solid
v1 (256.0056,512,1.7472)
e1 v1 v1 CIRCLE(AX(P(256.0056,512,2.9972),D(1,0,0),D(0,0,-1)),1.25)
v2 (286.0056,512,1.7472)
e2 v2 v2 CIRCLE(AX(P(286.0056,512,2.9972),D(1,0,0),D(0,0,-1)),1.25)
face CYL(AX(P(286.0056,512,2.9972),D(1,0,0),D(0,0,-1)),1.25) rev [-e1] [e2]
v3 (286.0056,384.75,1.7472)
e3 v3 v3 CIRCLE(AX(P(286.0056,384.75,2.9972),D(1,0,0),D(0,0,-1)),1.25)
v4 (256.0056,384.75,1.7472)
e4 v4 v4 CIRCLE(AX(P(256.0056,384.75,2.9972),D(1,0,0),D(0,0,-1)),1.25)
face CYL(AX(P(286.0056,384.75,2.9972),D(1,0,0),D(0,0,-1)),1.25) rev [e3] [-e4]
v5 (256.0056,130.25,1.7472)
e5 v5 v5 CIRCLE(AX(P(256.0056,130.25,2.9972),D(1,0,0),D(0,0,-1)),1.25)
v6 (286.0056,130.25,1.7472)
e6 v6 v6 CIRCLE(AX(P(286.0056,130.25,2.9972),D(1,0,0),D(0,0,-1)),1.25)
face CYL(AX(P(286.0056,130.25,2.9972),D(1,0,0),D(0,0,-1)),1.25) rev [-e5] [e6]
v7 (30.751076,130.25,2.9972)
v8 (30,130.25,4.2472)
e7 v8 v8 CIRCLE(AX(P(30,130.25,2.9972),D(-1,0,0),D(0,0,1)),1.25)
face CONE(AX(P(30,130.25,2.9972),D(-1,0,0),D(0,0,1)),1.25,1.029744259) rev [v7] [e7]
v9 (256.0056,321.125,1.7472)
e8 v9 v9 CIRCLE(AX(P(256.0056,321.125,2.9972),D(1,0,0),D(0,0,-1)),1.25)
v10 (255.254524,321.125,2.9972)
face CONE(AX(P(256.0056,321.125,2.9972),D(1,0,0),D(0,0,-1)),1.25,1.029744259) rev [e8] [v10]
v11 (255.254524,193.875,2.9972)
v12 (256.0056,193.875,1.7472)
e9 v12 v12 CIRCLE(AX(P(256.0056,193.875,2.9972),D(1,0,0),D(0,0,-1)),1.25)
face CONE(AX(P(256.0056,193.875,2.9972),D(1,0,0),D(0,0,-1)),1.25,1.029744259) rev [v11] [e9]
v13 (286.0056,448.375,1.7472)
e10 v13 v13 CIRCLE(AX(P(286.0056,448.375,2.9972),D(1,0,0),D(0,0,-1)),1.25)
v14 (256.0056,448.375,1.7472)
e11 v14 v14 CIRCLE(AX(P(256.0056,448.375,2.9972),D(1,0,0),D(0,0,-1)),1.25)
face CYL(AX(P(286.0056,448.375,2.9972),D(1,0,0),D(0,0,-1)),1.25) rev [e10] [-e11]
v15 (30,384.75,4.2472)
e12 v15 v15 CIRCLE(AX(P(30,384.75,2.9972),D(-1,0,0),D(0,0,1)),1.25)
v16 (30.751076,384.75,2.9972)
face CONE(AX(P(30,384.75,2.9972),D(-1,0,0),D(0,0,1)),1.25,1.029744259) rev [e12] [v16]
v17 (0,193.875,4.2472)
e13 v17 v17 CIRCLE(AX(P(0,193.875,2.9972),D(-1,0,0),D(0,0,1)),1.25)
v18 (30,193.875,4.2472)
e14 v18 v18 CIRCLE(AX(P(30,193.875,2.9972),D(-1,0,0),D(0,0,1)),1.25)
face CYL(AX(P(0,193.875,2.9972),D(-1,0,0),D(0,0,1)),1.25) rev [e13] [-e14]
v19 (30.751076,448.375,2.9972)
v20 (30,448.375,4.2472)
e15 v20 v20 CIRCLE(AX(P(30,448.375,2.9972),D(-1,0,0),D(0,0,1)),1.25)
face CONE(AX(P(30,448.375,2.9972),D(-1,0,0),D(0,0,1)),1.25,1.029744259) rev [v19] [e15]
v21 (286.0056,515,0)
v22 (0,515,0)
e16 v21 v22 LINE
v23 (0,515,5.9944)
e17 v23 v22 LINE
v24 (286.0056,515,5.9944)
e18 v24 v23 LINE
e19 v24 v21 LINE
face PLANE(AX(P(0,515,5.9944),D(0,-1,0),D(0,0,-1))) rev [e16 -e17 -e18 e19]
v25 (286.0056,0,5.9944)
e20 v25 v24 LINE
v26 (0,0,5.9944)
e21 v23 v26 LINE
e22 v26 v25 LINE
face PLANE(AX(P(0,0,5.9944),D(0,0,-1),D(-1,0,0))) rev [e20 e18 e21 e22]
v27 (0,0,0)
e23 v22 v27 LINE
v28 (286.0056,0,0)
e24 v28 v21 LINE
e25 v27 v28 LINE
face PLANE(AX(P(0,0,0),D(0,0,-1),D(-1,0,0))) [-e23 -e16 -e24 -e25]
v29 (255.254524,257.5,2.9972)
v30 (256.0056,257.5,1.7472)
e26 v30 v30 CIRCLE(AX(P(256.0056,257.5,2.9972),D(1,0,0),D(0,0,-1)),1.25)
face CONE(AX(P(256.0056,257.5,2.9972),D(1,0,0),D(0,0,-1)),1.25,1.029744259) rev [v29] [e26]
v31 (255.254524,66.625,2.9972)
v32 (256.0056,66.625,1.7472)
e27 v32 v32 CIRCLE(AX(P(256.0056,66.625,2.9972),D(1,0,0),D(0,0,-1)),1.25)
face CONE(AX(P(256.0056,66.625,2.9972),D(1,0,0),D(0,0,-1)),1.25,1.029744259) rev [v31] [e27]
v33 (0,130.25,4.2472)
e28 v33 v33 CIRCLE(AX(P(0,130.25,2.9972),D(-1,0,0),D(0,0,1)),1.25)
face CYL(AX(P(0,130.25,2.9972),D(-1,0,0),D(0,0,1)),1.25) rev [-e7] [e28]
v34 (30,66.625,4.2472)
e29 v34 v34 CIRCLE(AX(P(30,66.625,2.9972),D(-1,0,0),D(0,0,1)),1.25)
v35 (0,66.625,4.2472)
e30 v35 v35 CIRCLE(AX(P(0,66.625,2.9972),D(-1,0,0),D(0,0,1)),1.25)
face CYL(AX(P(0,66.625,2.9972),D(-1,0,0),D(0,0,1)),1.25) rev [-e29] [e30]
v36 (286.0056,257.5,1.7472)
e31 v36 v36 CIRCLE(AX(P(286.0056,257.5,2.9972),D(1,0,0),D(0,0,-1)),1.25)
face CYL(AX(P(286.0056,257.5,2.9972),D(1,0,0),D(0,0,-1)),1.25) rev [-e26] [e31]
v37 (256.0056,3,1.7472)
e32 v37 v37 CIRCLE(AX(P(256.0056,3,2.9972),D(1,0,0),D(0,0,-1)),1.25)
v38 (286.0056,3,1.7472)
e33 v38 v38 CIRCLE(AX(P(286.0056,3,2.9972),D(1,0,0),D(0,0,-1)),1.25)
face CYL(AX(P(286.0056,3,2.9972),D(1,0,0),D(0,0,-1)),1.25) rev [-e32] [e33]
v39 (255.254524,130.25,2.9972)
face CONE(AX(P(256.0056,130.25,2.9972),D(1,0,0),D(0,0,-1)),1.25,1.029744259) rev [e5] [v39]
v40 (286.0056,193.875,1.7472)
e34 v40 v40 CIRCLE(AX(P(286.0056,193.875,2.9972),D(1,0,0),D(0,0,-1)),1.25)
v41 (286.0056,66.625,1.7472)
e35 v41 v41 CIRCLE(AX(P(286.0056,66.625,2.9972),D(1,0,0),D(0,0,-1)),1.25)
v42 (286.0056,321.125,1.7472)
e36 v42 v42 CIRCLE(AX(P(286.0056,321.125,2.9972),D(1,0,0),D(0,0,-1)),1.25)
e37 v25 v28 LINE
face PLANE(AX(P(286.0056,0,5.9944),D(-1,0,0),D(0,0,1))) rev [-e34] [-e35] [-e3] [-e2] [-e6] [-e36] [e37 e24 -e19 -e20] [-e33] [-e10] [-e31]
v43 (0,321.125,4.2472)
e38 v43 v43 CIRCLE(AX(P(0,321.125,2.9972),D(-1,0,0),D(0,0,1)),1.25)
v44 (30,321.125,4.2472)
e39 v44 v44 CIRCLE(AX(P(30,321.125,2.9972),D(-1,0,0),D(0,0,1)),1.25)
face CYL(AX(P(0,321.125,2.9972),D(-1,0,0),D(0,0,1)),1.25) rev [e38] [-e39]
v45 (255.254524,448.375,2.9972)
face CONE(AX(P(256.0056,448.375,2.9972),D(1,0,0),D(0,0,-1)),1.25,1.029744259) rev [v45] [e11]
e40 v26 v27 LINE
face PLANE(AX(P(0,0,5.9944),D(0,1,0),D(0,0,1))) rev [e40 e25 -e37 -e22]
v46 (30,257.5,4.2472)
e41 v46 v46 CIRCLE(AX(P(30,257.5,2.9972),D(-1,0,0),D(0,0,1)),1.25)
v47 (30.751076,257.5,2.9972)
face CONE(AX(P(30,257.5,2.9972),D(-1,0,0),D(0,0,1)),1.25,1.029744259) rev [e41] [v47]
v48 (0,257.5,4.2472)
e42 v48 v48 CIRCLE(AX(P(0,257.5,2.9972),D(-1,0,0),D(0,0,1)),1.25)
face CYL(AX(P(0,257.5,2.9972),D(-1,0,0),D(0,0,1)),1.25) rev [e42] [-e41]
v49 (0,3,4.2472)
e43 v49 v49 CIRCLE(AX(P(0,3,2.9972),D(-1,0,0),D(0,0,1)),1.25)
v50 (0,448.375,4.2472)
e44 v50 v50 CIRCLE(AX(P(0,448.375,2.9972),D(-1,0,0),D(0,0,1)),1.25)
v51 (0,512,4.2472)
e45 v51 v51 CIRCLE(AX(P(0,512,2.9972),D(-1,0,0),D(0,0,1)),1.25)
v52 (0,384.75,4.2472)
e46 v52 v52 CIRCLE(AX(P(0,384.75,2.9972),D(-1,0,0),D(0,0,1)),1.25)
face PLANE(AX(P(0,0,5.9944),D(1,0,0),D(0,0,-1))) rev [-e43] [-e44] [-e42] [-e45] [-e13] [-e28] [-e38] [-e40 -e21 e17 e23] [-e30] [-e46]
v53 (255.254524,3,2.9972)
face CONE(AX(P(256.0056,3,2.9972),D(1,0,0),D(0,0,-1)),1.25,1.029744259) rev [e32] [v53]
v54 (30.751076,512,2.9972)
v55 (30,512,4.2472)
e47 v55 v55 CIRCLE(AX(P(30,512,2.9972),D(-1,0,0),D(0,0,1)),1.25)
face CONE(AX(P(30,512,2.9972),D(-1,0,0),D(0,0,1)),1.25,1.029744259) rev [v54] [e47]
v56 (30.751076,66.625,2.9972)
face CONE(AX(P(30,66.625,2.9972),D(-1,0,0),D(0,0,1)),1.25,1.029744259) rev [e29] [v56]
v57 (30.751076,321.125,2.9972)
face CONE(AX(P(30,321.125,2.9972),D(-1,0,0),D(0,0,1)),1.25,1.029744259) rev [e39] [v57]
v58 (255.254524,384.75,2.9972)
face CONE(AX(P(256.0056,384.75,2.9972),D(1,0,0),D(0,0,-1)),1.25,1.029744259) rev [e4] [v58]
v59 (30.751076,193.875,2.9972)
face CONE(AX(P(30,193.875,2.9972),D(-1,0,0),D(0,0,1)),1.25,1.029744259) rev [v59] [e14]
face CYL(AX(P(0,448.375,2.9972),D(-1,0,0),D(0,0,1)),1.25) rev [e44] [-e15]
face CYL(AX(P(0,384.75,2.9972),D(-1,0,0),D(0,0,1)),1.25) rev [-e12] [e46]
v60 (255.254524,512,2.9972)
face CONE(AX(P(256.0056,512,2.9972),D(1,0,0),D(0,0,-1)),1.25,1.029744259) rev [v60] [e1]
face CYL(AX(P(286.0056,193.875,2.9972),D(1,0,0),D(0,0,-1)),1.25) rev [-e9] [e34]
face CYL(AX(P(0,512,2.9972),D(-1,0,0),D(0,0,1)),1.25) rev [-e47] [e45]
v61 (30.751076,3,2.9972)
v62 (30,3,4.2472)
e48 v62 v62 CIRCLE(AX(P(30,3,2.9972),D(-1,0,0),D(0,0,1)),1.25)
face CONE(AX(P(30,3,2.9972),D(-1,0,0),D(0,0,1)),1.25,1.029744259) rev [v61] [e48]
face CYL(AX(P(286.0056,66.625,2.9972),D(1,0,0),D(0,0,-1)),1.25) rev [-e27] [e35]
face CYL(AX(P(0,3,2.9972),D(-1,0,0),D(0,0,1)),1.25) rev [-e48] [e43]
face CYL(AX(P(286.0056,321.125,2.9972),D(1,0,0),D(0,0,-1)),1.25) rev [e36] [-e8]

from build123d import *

# Parameters (mm, degrees)
SKETCH1_W           = 286.0056
SKETCH1_H           = 515
BOSS_EXTRUDE1_DEPTH = 5.9944
LPATTERN1_COUNT     = 5
LPATTERN1_PITCH     = 63.625
LPATTERN1_COL_COUNT = 5
LPATTERN1_COL_PITCH = 63.625


with BuildPart() as part:
    # Sketch1 → Boss-Extrude1 (new body)
    with BuildSketch(Plane.XY):
        with Locations((143.0028, 257.5)):
            Rectangle(SKETCH1_W, SKETCH1_H)
    extrude(amount=BOSS_EXTRUDE1_DEPTH)

    # Sketch2 → Tap Drill for M3x0.5 Tap1 (revolve, cut)
    with BuildSketch(Plane(origin=(286.0056, 257.5, 2.9972), x_dir=(0, 0, -1), z_dir=(0, 1, 0))):
        Polygon((0, 0), (0, 30.751075774), (1.25, 30), (1.25, 0), align=None)
    tap_drill_for_m3x0_5_tap1 = revolve(axis=Axis((292.3556, 257.5, 2.9972), (-1, 0, 0)), mode=Mode.SUBTRACT)

    # LPattern1: Tap Drill for M3x0.5 Tap1 ×5
    with Locations(*[(0, i * LPATTERN1_PITCH, 0) for i in range(1, LPATTERN1_COUNT)]):
        add(tap_drill_for_m3x0_5_tap1, mode=Mode.SUBTRACT)

    # LPattern1 col: Tap Drill for M3x0.5 Tap1 ×5
    with Locations(*[(0, -i * LPATTERN1_COL_PITCH, 0) for i in range(1, LPATTERN1_COL_COUNT)]):
        add(tap_drill_for_m3x0_5_tap1, mode=Mode.SUBTRACT)

    # Mirror1: Tap Drill for M3x0.5 Tap1 across plane
    add(tap_drill_for_m3x0_5_tap1.mirror(Plane(origin=(143.0028, 0, 0), x_dir=(0, 0, 1), z_dir=(1, 0, 0))), mode=Mode.SUBTRACT)

    # Mirror1 copy 1 sketch → Mirror1 copy 1 (revolve, cut)
    with BuildSketch(Plane(origin=(0, 321.125, 2.9972), x_dir=(0, 0, -1), z_dir=(0, 1, 0))):
        Polygon((0, 0), (0, -30.751075774), (1.25, -30), (1.25, 0), align=None)
    revolve(axis=Axis((-6.35, 321.125, 2.9972), (-1, 0, 0)), mode=Mode.SUBTRACT)

    # Mirror1 copy 2 sketch → Mirror1 copy 2 (revolve, cut)
    with BuildSketch(Plane(origin=(0, 384.75, 2.9972), x_dir=(0, 0, -1), z_dir=(0, 1, 0))):
        Polygon((0, 0), (0, -30.751075774), (1.25, -30), (1.25, 0), align=None)
    revolve(axis=Axis((-6.35, 384.75, 2.9972), (-1, 0, 0)), mode=Mode.SUBTRACT)

    # Mirror1 copy 3 sketch → Mirror1 copy 3 (revolve, cut)
    with BuildSketch(Plane(origin=(0, 448.375, 2.9972), x_dir=(0, 0, -1), z_dir=(0, 1, 0))):
        Polygon((0, 0), (0, -30.751075774), (1.25, -30), (1.25, 0), align=None)
    revolve(axis=Axis((-6.35, 448.375, 2.9972), (-1, 0, 0)), mode=Mode.SUBTRACT)

    # Mirror1 copy 4 sketch → Mirror1 copy 4 (revolve, cut)
    with BuildSketch(Plane(origin=(0, 512, 2.9972), x_dir=(0, 0, -1), z_dir=(0, 1, 0))):
        Polygon((0, 0), (0, -30.751075774), (1.25, -30), (1.25, 0), align=None)
    revolve(axis=Axis((-6.35, 512, 2.9972), (-1, 0, 0)), mode=Mode.SUBTRACT)

    # Mirror1 copy 5 sketch → Mirror1 copy 5 (revolve, cut)
    with BuildSketch(Plane(origin=(0, 193.875, 2.9972), x_dir=(0, 0, -1), z_dir=(0, 1, 0))):
        Polygon((0, 0), (0, -30.751075774), (1.25, -30), (1.25, 0), align=None)
    revolve(axis=Axis((-6.35, 193.875, 2.9972), (-1, 0, 0)), mode=Mode.SUBTRACT)

    # Mirror1 copy 6 sketch → Mirror1 copy 6 (revolve, cut)
    with BuildSketch(Plane(origin=(0, 130.25, 2.9972), x_dir=(0, 0, -1), z_dir=(0, 1, 0))):
        Polygon((0, 0), (0, -30.751075774), (1.25, -30), (1.25, 0), align=None)
    revolve(axis=Axis((-6.35, 130.25, 2.9972), (-1, 0, 0)), mode=Mode.SUBTRACT)

    # Mirror1 copy 7 sketch → Mirror1 copy 7 (revolve, cut)
    with BuildSketch(Plane(origin=(0, 66.625, 2.9972), x_dir=(0, 0, -1), z_dir=(0, 1, 0))):
        Polygon((0, 0), (0, -30.751075774), (1.25, -30), (1.25, 0), align=None)
    revolve(axis=Axis((-6.35, 66.625, 2.9972), (-1, 0, 0)), mode=Mode.SUBTRACT)

    # Mirror1 copy 8 sketch → Mirror1 copy 8 (revolve, cut)
    with BuildSketch(Plane(origin=(0, 3, 2.9972), x_dir=(0, 0, -1), z_dir=(0, 1, 0))):
        Polygon((0, 0), (0, -30.751075774), (1.25, -30), (1.25, 0), align=None)
    revolve(axis=Axis((-6.35, 3, 2.9972), (-1, 0, 0)), mode=Mode.SUBTRACT)


solid = part.part
